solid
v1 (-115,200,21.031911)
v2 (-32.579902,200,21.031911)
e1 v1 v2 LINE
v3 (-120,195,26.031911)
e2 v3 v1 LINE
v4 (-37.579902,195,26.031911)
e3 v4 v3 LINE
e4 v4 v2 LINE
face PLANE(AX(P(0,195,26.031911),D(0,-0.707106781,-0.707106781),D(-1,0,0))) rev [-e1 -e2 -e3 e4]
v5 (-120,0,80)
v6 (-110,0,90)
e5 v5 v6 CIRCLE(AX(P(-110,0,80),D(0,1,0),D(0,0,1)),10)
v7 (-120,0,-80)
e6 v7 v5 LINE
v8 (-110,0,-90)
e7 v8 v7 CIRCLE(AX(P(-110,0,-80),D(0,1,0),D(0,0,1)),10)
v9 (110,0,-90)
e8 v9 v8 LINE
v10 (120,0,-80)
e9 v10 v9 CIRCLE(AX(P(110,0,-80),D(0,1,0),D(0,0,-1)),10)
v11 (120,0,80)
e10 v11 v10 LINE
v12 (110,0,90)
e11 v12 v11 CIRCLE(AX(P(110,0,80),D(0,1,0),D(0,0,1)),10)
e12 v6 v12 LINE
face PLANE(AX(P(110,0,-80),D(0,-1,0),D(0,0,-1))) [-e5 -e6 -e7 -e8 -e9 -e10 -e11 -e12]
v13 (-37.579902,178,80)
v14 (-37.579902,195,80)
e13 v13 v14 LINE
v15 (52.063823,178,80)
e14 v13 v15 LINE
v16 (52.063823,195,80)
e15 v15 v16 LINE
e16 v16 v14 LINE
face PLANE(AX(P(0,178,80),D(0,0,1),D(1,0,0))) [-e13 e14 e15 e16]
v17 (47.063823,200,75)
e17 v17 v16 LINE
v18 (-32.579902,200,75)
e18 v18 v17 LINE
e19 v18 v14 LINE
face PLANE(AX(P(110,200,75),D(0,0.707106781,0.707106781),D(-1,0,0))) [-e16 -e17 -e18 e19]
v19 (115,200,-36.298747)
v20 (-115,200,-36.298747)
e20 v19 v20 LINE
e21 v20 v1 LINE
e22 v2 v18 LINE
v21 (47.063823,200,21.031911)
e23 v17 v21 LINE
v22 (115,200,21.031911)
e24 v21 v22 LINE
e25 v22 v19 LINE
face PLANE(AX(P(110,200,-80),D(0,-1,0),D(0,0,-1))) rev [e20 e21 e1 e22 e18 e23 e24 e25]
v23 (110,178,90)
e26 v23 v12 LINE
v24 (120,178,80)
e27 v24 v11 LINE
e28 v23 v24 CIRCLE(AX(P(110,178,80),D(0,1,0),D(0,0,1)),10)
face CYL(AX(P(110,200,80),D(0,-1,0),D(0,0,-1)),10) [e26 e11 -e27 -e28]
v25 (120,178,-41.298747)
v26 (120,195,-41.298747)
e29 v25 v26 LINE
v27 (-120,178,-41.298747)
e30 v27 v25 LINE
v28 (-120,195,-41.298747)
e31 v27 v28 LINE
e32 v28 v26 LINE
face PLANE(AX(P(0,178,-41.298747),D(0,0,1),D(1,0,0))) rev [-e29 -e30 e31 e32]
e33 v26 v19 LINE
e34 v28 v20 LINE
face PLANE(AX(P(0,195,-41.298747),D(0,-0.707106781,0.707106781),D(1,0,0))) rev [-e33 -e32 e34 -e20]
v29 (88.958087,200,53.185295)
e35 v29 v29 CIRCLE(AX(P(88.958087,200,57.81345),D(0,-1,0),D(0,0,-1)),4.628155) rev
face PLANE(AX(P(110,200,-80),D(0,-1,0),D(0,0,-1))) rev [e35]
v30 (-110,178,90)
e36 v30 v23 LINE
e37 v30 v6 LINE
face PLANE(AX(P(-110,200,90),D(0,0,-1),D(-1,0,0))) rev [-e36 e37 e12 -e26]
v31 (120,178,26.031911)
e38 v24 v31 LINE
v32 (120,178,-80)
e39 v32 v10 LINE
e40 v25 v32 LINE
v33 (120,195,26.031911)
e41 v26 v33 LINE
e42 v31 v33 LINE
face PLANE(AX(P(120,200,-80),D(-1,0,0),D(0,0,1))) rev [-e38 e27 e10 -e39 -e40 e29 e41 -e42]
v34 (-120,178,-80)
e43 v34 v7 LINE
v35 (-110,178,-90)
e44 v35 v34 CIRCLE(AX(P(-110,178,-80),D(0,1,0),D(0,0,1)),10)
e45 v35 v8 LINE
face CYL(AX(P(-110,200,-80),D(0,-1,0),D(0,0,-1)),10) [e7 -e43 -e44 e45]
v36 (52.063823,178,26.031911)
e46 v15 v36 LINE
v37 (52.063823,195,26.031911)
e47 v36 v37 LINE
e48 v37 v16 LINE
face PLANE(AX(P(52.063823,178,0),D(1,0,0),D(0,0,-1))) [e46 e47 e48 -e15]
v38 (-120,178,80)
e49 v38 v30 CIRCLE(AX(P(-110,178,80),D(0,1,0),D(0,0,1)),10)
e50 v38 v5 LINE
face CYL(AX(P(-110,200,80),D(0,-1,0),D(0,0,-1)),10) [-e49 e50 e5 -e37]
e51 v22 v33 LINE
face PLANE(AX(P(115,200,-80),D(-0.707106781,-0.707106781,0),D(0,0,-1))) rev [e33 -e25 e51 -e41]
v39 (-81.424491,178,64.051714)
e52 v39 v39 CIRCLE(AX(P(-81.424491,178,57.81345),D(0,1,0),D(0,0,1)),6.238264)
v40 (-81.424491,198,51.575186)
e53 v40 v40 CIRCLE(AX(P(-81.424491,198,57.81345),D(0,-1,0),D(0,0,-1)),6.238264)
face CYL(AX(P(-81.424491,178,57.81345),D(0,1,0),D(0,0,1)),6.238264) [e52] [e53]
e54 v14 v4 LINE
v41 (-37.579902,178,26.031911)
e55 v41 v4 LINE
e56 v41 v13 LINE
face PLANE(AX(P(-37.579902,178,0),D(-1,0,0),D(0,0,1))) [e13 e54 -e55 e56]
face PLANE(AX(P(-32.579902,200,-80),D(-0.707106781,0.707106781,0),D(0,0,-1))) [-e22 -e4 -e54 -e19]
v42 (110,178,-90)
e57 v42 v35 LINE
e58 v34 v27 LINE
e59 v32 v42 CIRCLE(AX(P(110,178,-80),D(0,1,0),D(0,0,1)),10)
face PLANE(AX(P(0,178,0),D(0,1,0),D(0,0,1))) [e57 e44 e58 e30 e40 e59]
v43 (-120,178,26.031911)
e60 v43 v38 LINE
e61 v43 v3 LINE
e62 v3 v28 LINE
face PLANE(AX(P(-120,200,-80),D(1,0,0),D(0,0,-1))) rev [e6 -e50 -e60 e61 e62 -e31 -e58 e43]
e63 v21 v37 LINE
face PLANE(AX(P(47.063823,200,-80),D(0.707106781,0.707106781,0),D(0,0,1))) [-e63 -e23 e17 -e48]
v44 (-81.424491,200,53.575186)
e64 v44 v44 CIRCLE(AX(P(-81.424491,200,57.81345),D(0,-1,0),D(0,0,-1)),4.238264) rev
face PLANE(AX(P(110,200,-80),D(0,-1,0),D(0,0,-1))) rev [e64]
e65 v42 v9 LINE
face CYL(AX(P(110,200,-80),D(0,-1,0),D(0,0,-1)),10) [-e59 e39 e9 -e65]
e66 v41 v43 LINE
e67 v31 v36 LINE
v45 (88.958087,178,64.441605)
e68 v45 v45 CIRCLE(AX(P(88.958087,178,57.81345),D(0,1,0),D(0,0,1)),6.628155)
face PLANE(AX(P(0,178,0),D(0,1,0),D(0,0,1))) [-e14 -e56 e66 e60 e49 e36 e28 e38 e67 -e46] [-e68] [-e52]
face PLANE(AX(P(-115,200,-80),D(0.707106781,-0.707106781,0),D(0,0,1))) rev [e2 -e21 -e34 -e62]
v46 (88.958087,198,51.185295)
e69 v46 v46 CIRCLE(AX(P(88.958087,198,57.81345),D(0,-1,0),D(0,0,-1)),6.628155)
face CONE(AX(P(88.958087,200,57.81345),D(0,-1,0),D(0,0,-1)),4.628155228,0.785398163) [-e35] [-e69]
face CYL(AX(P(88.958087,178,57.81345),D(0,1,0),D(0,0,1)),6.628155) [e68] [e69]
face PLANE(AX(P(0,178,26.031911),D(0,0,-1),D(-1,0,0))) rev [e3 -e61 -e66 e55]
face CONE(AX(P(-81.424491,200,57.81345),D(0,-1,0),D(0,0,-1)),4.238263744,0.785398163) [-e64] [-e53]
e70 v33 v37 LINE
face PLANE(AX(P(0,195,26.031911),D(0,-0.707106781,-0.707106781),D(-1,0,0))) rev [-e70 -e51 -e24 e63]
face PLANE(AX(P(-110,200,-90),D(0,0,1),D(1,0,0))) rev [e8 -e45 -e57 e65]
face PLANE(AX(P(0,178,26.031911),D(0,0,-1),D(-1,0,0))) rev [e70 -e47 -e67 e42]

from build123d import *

# Parameters (mm, degrees)
SALIENTE_EXTRUIR2_DEPTH = 200
CORTAR_EXTRUIR1_START   = -22
CROQUIS2_R              = 6.238263744
CROQUIS2_R_2            = 6.628155228
CORTAR_EXTRUIR1_DEPTH   = 22
CHAFL_N1_SIZE           = 2
CHAFL_N2_SIZE           = 5


with BuildPart() as part:
    # Croquis1 → Saliente-Extruir2 (new body)
    with BuildSketch(Plane(origin=(0, 0, 0), x_dir=(1, 0, 0), z_dir=(0, 1, 0))):
        with BuildLine():
            Line((-110, 90), (110, 90))
            ThreePointArc((110, 90), (117.071067812, 87.071067812), (120, 80))
            Line((120, 80), (120, -80))
            ThreePointArc((120, -80), (117.071067812, -87.071067812), (110, -90))
            Line((110, -90), (-110, -90))
            ThreePointArc((-110, -90), (-117.071067812, -87.071067812), (-120, -80))
            Line((-120, -80), (-120, 80))
            ThreePointArc((-120, 80), (-117.071067812, 87.071067812), (-110, 90))
        make_face()
    extrude(amount=SALIENTE_EXTRUIR2_DEPTH)

    # Croquis2 → Cortar-Extruir1 (cut)
    # profile 1 of 2: a face of its own
    with BuildSketch(Plane(origin=(0, 200, 0), x_dir=(1, 0, 0), z_dir=(0, 1, 0)).offset(CORTAR_EXTRUIR1_START)):
        with BuildLine():
            Line((-120, 80), (-120, 41.298746549))
            Line((-120, 41.298746549), (120, 41.298746549))
            Line((120, 41.298746549), (120, 80))
            ThreePointArc((120, 80), (117.071067812, 87.071067812), (110, 90))
            Line((110, 90), (-110, 90))
            ThreePointArc((-110, 90), (-117.071067812, 87.071067812), (-120, 80))
        make_face()
    # profile 2 of 2: a face of its own
    with BuildSketch(Plane(origin=(0, 200, 0), x_dir=(1, 0, 0), z_dir=(0, 1, 0)).offset(CORTAR_EXTRUIR1_START)):
        with BuildLine():
            Line((-37.579902073, -26.031911332), (-120, -26.031911332))
            Line((-120, -26.031911332), (-120, -80))
            ThreePointArc((-120, -80), (-117.071067812, -87.071067812), (-110, -90))
            Line((-110, -90), (110, -90))
            ThreePointArc((110, -90), (117.071067812, -87.071067812), (120, -80))
            Line((120, -80), (120, -26.031911332))
            Line((120, -26.031911332), (52.063822663, -26.031911332))
            Line((52.063822663, -26.031911332), (52.063822663, -80))
            Line((52.063822663, -80), (-37.579902073, -80))
            Line((-37.579902073, -80), (-37.579902073, -26.031911332))
        make_face()
        with Locations(Location((-81.424491258, -57.813449816, 0), (0, 0, 270))):
            Circle(CROQUIS2_R, mode=Mode.SUBTRACT)
        with Locations(Location((88.958087252, -57.813449816, 0), (0, 0, 270))):
            Circle(CROQUIS2_R_2, mode=Mode.SUBTRACT)
    extrude(amount=CORTAR_EXTRUIR1_DEPTH, mode=Mode.SUBTRACT)

    # Chaflán1
    chafl_n1_edges = [part.edges().sort_by_distance(p)[0] for p in [
        (-81.424491258, 200, 51.575186072),
        (88.958087252, 200, 51.185294588),
    ]]
    chamfer(chafl_n1_edges, length=CHAFL_N1_SIZE)

    # Chaflán2
    chafl_n2_edges = [part.edges().sort_by_distance(p)[0] for p in [
        (-120, 200, -7.633417609),
        (0, 200, -41.298746549),
        (120, 200, -7.633417609),
        (52.063822663, 200, 53.015955666),
        (-37.579902073, 200, 53.015955666),
        (7.241960295, 200, 80),
        (-78.789951036, 200, 26.031911332),
        (86.031911332, 200, 26.031911332),
    ]]
    chamfer(chafl_n2_edges, length=CHAFL_N2_SIZE)


solid = part.part
